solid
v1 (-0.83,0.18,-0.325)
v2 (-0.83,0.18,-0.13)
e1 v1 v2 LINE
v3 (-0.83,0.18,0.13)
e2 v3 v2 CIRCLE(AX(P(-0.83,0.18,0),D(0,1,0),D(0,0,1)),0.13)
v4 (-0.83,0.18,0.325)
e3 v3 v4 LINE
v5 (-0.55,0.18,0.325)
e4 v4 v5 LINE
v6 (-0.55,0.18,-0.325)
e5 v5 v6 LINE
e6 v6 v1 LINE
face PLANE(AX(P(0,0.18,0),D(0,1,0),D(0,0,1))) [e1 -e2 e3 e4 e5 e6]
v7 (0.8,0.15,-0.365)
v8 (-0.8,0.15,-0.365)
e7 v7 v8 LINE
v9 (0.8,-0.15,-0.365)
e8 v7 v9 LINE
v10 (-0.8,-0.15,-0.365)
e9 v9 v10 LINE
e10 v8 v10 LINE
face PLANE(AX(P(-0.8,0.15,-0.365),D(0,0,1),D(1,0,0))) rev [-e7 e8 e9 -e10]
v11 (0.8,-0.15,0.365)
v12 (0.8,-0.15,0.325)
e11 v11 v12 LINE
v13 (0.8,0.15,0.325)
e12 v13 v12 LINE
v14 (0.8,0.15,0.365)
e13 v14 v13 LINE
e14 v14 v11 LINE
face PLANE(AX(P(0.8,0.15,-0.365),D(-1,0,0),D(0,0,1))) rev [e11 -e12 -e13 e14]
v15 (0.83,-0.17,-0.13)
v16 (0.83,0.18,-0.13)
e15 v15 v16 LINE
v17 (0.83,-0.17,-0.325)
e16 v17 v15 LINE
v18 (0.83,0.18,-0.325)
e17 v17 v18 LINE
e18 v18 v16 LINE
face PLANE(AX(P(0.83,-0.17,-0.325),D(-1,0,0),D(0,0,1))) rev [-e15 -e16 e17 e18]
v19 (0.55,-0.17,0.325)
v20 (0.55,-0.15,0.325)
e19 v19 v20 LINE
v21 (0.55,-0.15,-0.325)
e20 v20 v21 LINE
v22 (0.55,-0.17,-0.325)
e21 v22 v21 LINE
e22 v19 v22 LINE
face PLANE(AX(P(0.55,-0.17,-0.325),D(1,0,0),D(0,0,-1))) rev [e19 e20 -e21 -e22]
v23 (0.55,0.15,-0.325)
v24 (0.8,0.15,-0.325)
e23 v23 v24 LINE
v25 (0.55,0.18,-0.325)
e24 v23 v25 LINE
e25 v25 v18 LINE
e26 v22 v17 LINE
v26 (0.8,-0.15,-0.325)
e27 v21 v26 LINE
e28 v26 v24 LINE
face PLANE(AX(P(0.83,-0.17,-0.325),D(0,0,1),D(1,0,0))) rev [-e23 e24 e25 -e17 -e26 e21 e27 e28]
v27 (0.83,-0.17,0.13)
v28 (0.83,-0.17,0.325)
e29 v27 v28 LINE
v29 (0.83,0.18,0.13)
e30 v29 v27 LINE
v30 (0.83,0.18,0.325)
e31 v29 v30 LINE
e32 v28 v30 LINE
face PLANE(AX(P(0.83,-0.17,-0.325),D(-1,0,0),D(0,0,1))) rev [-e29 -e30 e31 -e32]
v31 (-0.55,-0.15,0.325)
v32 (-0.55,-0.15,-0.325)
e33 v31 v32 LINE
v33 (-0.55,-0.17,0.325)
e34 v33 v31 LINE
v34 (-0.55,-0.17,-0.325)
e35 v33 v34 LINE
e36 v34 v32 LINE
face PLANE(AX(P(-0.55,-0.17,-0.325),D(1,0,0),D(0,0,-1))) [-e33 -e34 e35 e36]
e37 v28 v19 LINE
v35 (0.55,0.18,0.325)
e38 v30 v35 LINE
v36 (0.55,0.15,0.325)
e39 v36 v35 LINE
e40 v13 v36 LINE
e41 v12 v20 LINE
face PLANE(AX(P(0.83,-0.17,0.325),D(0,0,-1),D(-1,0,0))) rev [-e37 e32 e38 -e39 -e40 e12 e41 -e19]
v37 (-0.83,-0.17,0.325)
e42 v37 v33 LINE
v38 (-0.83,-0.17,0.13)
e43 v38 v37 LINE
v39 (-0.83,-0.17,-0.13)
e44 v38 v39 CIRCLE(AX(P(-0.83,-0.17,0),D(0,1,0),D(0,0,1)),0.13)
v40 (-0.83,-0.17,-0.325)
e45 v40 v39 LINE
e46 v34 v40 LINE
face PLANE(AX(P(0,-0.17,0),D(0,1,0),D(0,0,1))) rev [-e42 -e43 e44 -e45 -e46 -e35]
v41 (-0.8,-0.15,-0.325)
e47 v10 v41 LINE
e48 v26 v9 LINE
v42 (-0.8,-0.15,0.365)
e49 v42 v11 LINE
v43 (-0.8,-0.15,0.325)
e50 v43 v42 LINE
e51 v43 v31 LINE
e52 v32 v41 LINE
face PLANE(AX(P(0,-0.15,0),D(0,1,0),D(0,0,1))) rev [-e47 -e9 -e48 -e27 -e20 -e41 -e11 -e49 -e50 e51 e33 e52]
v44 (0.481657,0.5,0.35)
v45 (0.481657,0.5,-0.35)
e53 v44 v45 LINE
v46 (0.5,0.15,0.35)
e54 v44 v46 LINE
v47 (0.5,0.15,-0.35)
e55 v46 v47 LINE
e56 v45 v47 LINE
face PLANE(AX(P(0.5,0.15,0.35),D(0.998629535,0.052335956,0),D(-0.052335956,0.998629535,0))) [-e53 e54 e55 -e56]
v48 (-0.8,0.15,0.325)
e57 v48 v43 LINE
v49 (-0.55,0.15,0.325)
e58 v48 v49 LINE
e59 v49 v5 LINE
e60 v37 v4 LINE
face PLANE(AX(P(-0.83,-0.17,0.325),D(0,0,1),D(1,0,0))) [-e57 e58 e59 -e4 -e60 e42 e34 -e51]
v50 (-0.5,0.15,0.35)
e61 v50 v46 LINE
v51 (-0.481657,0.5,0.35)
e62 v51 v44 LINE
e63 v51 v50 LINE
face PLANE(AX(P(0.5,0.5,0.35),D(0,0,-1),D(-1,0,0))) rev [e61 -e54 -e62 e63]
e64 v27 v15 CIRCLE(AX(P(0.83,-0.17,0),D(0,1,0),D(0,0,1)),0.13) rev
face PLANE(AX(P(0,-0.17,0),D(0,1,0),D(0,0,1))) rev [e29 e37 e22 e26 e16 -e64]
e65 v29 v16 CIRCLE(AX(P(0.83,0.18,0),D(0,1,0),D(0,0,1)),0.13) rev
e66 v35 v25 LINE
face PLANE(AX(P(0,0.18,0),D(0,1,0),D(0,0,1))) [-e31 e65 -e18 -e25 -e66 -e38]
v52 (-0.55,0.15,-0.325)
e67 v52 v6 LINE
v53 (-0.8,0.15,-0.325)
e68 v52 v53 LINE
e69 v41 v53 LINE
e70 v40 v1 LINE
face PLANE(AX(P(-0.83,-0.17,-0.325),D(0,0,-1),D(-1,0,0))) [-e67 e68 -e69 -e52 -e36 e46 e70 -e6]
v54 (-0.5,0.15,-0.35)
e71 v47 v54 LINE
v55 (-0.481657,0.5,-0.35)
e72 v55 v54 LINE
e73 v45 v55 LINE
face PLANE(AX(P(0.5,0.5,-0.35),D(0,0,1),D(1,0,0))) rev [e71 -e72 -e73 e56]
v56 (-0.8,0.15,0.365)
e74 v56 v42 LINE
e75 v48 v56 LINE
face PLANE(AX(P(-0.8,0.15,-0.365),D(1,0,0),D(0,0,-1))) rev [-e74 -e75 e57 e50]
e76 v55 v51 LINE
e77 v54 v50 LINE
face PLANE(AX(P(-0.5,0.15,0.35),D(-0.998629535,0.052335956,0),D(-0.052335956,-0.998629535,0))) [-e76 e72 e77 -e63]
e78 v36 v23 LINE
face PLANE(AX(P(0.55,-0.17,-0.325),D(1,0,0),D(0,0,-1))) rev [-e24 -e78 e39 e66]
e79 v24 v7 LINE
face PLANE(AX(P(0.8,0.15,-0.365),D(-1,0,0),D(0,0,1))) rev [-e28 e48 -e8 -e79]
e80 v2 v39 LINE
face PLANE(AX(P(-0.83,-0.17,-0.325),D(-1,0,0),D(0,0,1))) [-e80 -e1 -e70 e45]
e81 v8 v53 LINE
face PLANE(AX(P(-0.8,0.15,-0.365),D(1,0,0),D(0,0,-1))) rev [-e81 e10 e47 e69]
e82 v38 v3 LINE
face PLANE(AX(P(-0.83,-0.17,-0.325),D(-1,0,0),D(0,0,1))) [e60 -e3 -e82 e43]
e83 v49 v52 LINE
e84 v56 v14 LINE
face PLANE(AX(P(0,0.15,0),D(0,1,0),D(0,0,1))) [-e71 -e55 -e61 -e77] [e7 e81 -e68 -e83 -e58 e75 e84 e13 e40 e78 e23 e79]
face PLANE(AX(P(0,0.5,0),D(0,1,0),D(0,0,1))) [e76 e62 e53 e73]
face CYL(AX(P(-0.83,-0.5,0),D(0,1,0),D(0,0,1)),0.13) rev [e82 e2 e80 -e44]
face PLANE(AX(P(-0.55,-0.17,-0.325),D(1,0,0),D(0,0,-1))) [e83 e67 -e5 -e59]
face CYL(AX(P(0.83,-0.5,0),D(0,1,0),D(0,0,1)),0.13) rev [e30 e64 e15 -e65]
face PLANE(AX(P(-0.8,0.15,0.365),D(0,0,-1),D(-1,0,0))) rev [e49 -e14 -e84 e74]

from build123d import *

# Parameters (mm, degrees)
SKETCH_1_W          = 1.6
SKETCH_1_H          = 0.73
EXTRUDE_1_DEPTH     = 0.15
SKETCH_2_W          = 0.28
SKETCH_2_H          = 0.65
EXTRUDE_2_DEPTH     = 0.35
SKETCH_4_R          = 0.13
CUT_EXTRUDE_1_DEPTH = 0.5
SKETCH_5_W          = 1
SKETCH_5_H          = 0.7
EXTRUDE_3_DEPTH     = 0.35
DRAFT_1_ANGLE       = 3


with BuildPart() as part:
    # 草图1 → 凸台-拉伸1 (new, symmetric)
    with BuildSketch(Plane(origin=(0, 0, 0), x_dir=(1, 0, 0), z_dir=(0, 1, 0))):
        Rectangle(SKETCH_1_W, SKETCH_1_H)
    extrude(amount=EXTRUDE_1_DEPTH, both=True)

    # 草图2 → 凸台-拉伸2 (add)
    with BuildSketch(Plane(origin=(0, 0.18, 0), x_dir=(1, 0, 0), z_dir=(0, 1, 0))):
        with Locations((-0.69, 0)):
            Rectangle(SKETCH_2_W, SKETCH_2_H)
    extrude_2 = extrude(amount=-EXTRUDE_2_DEPTH)

    # 草图4 → 切除-拉伸1 (cut, symmetric)
    with BuildSketch(Plane(origin=(0, 0, 0), x_dir=(1, 0, 0), z_dir=(0, 1, 0))):
        with Locations((-0.83, 0)):
            Circle(SKETCH_4_R)
    cut_extrude_1 = extrude(amount=CUT_EXTRUDE_1_DEPTH, both=True, mode=Mode.SUBTRACT)

    # 镜向1: 凸台-拉伸2, 切除-拉伸1 across plane
    add(extrude_2.mirror(Plane(origin=(0, 0, 0), x_dir=(0, 0, 1), z_dir=(1, 0, 0))))
    add(cut_extrude_1.mirror(Plane(origin=(0, 0, 0), x_dir=(0, 0, 1), z_dir=(1, 0, 0))), mode=Mode.SUBTRACT)

    # 草图5 → 凸台-拉伸3 (add)
    with BuildSketch(Plane(origin=(0, 0.15, 0), x_dir=(1, 0, 0), z_dir=(0, 1, 0))):
        Rectangle(SKETCH_5_W, SKETCH_5_H)
    extrude(amount=EXTRUDE_3_DEPTH)

    # 拔模1
    draft_1_faces = [part.faces().sort_by_distance(p)[0] for p in [
        (0.5, 0.325, 0),
        (-0.5, 0.325, 0),
    ]]
    draft(draft_1_faces, Plane.ZX.offset(0.15), DRAFT_1_ANGLE)


solid = part.part
